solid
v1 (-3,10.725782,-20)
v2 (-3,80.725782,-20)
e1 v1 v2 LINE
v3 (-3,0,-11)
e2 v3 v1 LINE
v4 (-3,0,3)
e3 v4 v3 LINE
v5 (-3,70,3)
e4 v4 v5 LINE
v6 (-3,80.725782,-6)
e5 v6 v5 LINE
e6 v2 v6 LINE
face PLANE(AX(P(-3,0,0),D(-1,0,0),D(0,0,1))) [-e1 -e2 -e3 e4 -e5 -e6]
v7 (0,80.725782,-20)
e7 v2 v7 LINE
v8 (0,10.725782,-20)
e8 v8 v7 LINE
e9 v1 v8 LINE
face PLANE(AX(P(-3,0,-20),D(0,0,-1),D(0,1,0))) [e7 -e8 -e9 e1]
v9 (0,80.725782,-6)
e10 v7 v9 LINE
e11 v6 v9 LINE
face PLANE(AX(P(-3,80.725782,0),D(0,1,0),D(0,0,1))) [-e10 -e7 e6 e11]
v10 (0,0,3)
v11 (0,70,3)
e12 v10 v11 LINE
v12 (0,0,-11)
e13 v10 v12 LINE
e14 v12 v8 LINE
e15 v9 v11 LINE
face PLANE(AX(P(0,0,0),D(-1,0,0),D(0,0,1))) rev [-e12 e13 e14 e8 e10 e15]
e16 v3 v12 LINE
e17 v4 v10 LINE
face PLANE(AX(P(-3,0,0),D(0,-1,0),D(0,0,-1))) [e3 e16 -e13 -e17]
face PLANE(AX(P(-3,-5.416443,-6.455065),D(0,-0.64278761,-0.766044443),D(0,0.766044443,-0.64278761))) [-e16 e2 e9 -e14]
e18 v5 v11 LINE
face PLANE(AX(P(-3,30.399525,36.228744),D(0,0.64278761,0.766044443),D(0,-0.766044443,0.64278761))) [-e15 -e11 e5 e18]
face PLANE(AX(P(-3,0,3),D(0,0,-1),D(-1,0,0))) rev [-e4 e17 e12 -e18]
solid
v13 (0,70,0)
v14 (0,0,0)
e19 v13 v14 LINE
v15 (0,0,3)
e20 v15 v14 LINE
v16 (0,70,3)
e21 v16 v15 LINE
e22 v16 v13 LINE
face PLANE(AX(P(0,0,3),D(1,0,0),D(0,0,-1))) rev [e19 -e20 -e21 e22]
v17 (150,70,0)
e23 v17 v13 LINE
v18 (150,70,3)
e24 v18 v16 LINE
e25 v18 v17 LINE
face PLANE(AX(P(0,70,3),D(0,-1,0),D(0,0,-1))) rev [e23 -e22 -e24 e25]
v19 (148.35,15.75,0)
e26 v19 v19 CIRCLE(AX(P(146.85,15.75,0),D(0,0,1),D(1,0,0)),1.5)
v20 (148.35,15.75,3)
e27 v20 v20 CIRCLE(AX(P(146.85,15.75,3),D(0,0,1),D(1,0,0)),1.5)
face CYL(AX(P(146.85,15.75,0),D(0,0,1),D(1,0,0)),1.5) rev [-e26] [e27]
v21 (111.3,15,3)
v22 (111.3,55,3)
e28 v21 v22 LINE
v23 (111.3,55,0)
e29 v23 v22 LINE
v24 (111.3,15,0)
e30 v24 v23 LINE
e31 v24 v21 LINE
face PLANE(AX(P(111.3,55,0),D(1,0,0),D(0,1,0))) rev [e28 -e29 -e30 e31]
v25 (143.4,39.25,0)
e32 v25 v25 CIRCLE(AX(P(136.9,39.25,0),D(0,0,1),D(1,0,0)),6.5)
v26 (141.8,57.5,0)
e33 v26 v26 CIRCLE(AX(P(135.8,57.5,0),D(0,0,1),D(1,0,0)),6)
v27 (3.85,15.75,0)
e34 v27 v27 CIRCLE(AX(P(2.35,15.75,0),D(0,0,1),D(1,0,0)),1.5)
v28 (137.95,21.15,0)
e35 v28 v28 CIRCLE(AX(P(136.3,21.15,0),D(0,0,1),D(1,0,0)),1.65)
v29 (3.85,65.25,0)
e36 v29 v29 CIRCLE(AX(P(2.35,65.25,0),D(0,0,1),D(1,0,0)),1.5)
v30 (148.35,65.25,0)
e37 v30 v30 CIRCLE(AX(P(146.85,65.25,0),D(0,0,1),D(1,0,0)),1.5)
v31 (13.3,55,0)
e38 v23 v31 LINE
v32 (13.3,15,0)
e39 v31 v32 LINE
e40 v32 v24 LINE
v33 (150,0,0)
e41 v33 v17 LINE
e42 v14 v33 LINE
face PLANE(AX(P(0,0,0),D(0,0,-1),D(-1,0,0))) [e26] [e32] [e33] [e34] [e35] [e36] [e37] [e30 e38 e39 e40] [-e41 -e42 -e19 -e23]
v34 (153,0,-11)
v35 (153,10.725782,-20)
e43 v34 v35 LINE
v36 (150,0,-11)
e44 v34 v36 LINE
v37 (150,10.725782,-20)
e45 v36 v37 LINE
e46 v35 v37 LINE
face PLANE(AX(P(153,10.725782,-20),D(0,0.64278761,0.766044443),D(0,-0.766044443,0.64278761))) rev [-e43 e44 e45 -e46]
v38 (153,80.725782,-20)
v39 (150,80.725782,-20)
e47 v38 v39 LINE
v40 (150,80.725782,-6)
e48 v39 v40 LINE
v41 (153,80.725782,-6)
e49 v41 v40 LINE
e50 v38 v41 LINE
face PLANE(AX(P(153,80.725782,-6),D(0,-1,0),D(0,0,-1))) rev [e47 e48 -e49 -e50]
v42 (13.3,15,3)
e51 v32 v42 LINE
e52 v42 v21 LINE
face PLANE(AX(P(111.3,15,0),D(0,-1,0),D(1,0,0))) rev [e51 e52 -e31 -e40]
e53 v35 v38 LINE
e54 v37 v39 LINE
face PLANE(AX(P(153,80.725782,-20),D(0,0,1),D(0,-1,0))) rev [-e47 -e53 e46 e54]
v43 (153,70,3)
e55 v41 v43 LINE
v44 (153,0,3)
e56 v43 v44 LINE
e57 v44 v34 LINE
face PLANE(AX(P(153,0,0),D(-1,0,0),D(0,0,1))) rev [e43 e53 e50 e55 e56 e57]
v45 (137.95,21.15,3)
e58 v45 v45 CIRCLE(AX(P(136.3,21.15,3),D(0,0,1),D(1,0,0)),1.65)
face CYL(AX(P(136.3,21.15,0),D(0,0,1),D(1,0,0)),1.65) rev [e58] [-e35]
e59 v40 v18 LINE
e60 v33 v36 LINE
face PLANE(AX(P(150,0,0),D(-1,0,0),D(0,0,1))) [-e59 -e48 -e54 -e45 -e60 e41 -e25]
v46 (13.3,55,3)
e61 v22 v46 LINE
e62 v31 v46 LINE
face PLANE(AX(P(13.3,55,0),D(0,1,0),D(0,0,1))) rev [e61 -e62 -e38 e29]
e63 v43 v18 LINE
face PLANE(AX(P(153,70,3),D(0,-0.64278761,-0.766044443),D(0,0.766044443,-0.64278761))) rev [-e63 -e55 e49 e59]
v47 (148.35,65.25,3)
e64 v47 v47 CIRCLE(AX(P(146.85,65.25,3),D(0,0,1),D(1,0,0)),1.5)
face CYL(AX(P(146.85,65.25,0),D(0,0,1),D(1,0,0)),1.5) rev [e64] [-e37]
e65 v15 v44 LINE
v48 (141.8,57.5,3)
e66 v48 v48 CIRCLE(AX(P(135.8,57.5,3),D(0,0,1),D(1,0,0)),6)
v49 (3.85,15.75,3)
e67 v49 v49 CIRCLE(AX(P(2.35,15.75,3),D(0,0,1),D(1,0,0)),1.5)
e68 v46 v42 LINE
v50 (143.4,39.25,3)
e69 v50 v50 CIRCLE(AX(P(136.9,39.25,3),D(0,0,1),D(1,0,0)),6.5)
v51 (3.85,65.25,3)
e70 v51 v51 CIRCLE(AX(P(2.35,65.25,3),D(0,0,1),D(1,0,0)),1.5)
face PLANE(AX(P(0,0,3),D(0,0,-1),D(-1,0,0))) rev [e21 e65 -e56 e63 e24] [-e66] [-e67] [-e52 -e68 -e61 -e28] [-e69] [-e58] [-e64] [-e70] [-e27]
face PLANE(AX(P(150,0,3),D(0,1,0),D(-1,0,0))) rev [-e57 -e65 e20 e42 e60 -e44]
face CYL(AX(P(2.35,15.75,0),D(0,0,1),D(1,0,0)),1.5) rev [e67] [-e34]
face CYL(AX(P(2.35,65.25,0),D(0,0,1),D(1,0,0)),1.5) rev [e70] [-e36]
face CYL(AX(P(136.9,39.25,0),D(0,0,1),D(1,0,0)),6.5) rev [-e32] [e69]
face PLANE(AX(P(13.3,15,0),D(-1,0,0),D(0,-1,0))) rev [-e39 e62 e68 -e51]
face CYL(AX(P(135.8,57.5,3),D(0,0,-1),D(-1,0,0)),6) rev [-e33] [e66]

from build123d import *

# Parameters (mm, degrees)
CROQUIS1_W              = 150
CROQUIS1_H              = 70
CROQUIS1_R              = 6
SALIENTE_EXTRUIR1_DEPTH = 3
CROQUIS2_W              = 98
CROQUIS2_H              = 40
CORTAR_EXTRUIR1_DEPTH   = 3
CROQUIS3_R              = 6.5
CORTAR_EXTRUIR2_DEPTH   = 4
CROQUIS4_R              = 1.65
CORTAR_EXTRUIR3_DEPTH   = 3
CROQUIS5_R              = 1.5
CORTAR_EXTRUIR4_DEPTH   = 3
SALIENTE_EXTRUIR4_DEPTH = 3
CROQUIS9_W              = 3
CROQUIS9_H              = 70
SALIENTE_EXTRUIR5_DEPTH = 3


with BuildPart() as part:
    # Croquis1 → Saliente-Extruir1 (new body)
    with BuildSketch(Plane.XY):
        with Locations((75, 35)):
            Rectangle(CROQUIS1_W, CROQUIS1_H)
        with Locations((135.8, 57.5)):
            Circle(CROQUIS1_R, mode=Mode.SUBTRACT)
    extrude(amount=SALIENTE_EXTRUIR1_DEPTH)

    # Croquis2 → Cortar-Extruir1 (cut)
    with BuildSketch(Plane.XY.offset(3)):
        with Locations((62.3, 35)):
            Rectangle(CROQUIS2_W, CROQUIS2_H)
    extrude(amount=-CORTAR_EXTRUIR1_DEPTH, mode=Mode.SUBTRACT)

    # Croquis3 → Cortar-Extruir2 (cut, through all)
    with BuildSketch(Plane.XY.offset(3)):
        with Locations((136.9, 39.25)):
            Circle(CROQUIS3_R)
    extrude(amount=-CORTAR_EXTRUIR2_DEPTH, mode=Mode.SUBTRACT)

    # Croquis4 → Cortar-Extruir3 (cut)
    with BuildSketch(Plane.XY.offset(3)):
        with Locations((136.3, 21.15)):
            Circle(CROQUIS4_R)
    extrude(amount=-CORTAR_EXTRUIR3_DEPTH, mode=Mode.SUBTRACT)

    # Croquis5 → Cortar-Extruir4 (cut)
    with BuildSketch(Plane.XY.offset(3)):
        with Locations((146.85, 65.25)):
            Circle(CROQUIS5_R)
        with Locations((146.85, 15.75)):
            Circle(CROQUIS5_R)
        with Locations((2.35, 15.75)):
            Circle(CROQUIS5_R)
        with Locations((2.35, 65.25)):
            Circle(CROQUIS5_R)
    extrude(amount=-CORTAR_EXTRUIR4_DEPTH, mode=Mode.SUBTRACT)

    # Croquis7 → Saliente-Extruir4 (add)
    with BuildSketch(Plane(origin=(150, 0, 0), x_dir=(0, 0, -1), z_dir=(1, 0, 0))):
        Polygon((-3, 70), (6, 80.725782333), (20, 80.725782333), (20, 10.725782333), (11, 0), (-3, 0), align=None)
    extrude(amount=SALIENTE_EXTRUIR4_DEPTH)


with BuildPart() as body_2:
    # Croquis9 → Saliente-Extruir5 (new body)
    with BuildSketch(Plane.ZY):
        Polygon((-20, 80.725782333), (-6, 80.725782333), (3, 70), (0, 70), (0, 0), (-11, 0), (-20, 10.725782333), align=None)
        with Locations((1.5, 35)):
            Rectangle(CROQUIS9_W, CROQUIS9_H)
    extrude(amount=SALIENTE_EXTRUIR5_DEPTH)


solid = Compound([part.part, body_2.part])
